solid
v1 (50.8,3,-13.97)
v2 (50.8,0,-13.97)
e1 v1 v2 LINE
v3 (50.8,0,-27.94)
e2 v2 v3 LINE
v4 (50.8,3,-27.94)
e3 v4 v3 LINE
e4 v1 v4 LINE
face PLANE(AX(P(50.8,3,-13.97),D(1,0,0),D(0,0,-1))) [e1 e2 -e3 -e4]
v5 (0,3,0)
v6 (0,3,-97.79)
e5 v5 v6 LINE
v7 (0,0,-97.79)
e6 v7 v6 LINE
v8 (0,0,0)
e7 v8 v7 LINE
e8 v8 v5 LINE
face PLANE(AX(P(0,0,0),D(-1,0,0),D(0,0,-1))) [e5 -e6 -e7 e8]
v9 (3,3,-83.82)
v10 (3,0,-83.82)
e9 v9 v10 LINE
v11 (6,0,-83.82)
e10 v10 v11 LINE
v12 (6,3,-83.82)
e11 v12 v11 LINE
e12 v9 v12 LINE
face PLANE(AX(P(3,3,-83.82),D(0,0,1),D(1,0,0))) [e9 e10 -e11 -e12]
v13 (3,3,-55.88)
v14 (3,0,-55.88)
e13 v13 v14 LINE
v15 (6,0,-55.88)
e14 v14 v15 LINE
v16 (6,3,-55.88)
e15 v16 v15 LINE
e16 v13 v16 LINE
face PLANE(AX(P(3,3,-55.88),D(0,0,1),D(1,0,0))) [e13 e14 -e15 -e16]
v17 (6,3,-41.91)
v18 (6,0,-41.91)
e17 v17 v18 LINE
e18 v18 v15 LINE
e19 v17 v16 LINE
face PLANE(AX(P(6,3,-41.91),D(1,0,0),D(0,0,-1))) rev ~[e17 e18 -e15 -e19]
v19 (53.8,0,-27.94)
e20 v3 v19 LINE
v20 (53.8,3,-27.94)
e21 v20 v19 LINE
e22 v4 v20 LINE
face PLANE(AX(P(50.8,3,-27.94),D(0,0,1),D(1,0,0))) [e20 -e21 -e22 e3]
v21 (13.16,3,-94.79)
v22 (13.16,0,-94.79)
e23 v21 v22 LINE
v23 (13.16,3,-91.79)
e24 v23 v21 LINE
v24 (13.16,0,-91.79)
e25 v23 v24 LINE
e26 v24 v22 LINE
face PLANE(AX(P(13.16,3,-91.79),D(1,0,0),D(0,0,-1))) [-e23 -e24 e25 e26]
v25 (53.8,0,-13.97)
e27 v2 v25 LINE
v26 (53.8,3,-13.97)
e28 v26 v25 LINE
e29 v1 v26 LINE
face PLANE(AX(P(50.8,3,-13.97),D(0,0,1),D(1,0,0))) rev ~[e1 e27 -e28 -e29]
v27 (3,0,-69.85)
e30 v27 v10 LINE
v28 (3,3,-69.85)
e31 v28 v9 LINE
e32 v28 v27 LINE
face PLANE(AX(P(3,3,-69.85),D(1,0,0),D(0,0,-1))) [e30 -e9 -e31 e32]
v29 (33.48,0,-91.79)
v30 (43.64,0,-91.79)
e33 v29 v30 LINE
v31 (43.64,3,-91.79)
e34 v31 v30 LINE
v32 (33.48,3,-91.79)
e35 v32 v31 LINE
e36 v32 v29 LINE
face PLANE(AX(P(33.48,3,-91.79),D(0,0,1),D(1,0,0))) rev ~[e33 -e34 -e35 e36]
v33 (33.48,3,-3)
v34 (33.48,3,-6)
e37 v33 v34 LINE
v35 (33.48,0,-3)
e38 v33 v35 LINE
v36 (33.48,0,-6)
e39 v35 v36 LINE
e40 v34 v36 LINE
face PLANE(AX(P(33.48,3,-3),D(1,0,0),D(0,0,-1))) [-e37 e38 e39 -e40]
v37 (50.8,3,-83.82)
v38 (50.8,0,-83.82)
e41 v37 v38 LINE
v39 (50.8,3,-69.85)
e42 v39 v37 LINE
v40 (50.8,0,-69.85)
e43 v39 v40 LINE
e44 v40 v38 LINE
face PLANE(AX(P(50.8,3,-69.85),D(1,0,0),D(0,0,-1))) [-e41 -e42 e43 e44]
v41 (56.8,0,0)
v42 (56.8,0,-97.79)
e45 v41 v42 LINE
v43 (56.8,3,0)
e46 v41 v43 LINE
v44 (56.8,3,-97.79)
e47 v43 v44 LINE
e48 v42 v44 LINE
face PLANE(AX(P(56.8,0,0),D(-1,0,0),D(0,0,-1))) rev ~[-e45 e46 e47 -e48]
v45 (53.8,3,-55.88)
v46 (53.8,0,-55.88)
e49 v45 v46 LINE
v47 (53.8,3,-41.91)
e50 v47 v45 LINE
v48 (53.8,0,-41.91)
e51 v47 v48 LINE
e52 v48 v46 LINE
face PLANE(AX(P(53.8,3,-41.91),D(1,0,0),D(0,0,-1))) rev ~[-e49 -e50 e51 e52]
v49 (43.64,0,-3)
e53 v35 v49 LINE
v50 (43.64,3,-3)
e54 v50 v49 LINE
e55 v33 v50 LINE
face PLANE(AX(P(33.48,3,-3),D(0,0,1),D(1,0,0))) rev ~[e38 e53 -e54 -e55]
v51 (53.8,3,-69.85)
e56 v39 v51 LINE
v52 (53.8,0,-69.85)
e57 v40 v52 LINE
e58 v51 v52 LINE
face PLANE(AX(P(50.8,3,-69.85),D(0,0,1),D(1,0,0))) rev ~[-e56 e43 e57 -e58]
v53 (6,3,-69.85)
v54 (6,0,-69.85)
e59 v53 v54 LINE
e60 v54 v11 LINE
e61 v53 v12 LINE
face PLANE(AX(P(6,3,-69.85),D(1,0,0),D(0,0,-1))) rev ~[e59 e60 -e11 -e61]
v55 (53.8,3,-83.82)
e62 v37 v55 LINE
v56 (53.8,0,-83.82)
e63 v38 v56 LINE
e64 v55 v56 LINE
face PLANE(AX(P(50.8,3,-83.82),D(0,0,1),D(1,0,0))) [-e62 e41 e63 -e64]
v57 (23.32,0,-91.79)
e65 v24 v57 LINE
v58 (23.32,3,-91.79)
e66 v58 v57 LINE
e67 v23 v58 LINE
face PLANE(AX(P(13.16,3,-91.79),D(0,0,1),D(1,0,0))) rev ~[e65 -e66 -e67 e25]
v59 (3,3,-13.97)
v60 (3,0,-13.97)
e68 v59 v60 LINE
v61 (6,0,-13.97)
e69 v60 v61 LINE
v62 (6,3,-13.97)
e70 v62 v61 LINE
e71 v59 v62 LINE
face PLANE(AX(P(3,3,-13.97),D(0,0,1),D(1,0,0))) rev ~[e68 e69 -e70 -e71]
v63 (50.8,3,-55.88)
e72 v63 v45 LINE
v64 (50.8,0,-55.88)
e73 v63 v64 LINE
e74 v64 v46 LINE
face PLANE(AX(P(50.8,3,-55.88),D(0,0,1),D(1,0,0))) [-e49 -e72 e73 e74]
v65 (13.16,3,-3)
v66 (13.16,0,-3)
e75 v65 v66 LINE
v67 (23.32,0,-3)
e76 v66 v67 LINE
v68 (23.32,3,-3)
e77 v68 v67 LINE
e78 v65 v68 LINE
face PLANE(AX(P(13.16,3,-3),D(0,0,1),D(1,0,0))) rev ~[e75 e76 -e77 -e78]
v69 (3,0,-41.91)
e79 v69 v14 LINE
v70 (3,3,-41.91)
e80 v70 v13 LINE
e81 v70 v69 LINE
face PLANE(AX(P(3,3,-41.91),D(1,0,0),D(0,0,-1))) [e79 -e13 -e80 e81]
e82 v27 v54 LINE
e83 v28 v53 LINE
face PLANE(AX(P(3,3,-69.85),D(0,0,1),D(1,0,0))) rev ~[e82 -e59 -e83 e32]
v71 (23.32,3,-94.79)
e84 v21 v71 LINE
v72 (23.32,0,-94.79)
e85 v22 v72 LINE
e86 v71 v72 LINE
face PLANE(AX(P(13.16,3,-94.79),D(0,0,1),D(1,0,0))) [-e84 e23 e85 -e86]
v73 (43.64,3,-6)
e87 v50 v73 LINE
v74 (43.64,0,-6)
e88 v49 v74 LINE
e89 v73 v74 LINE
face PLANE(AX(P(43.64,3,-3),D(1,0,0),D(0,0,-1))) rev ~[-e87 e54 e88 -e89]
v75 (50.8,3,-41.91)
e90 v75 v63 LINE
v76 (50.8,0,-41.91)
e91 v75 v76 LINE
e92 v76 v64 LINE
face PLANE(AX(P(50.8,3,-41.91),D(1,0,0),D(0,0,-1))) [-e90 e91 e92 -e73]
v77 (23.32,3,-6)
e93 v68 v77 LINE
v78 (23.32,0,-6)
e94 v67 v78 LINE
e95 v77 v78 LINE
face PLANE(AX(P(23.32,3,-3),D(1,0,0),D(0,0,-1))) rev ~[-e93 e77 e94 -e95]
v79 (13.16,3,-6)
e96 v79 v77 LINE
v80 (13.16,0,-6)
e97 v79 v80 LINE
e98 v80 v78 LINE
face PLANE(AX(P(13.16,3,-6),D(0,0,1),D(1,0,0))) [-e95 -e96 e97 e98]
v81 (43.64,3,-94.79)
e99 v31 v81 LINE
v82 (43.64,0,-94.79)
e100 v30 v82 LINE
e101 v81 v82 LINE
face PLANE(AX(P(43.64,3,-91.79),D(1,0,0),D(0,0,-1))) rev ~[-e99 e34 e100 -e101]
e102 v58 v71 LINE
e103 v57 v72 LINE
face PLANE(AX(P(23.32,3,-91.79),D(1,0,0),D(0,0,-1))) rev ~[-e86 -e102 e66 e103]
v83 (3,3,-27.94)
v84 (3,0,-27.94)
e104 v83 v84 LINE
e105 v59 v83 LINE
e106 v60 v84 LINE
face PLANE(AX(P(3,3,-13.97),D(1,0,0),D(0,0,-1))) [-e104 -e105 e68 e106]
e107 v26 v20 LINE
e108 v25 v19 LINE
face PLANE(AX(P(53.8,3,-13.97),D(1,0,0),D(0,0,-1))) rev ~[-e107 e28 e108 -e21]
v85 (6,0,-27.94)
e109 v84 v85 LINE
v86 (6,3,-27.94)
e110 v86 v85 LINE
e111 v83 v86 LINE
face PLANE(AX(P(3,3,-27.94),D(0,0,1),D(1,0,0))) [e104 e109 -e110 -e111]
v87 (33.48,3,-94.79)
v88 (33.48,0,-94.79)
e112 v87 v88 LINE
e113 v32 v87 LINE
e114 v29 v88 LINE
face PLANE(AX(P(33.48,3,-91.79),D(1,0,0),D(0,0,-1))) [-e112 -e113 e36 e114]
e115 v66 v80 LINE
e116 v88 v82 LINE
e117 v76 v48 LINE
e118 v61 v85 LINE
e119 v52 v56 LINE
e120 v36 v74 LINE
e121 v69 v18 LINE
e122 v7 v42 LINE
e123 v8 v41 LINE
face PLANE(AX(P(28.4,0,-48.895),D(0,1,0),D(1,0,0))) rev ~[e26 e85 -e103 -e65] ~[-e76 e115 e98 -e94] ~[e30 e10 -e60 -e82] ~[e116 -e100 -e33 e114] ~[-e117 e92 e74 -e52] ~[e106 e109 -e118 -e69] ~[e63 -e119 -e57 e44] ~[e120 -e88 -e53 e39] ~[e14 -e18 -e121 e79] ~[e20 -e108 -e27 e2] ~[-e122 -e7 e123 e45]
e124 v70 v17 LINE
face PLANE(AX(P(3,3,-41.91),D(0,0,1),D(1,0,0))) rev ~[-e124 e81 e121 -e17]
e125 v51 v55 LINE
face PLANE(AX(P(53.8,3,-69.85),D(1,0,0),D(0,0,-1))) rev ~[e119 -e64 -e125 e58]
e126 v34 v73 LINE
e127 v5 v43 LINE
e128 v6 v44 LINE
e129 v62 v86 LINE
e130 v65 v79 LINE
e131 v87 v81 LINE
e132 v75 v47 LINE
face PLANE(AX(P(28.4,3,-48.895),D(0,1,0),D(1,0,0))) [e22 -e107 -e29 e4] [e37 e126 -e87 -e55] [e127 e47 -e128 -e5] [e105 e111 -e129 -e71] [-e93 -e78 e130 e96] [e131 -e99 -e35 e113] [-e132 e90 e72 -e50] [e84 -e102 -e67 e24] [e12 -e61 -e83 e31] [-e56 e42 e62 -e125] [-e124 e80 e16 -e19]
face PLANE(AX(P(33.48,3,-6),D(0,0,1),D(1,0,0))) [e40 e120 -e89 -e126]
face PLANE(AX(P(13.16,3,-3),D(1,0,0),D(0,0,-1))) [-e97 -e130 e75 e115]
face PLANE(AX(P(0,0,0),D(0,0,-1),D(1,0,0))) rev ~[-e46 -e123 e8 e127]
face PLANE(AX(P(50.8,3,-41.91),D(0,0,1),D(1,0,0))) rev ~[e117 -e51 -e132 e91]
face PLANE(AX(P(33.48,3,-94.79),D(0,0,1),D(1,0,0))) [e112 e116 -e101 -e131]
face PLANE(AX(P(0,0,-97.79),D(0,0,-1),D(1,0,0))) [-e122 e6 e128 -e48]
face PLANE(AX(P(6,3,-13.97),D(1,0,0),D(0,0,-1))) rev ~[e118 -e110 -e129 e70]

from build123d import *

# Parameters (mm, degrees)
SKETCH1_W           = 56.8
SKETCH1_H           = 97.79
BOSS_EXTRUDE1_DEPTH = 3
SKETCH2_W           = 10.16
SKETCH2_H           = 3
SKETCH2_W_2         = 3
SKETCH2_H_2         = 13.97
CUT_EXTRUDE1_DEPTH  = 4


with BuildPart() as part:
    # Sketch1 → Boss-Extrude1 (new body)
    with BuildSketch(Plane(origin=(0, 0, 0), x_dir=(1, 0, 0), z_dir=(0, 1, 0))):
        with Locations((28.4, 48.895)):
            Rectangle(SKETCH1_W, SKETCH1_H)
    extrude(amount=BOSS_EXTRUDE1_DEPTH)

    # Sketch2 → Cut-Extrude1 (cut, through all)
    with BuildSketch(Plane(origin=(0, 3, 0), x_dir=(1, 0, 0), z_dir=(0, 1, 0))):
        with Locations((18.24, 93.29)):
            Rectangle(SKETCH2_W, SKETCH2_H)
        with Locations((38.56, 93.29)):
            Rectangle(SKETCH2_W, SKETCH2_H)
        with Locations((52.3, 76.835)):
            Rectangle(SKETCH2_W_2, SKETCH2_H_2)
        with Locations((52.3, 48.895)):
            Rectangle(SKETCH2_W_2, SKETCH2_H_2)
        with Locations((52.3, 20.955)):
            Rectangle(SKETCH2_W_2, SKETCH2_H_2)
        with Locations((38.56, 4.5)):
            Rectangle(SKETCH2_W, SKETCH2_H)
        with Locations((18.24, 4.5)):
            Rectangle(SKETCH2_W, SKETCH2_H)
        with Locations((4.5, 76.835)):
            Rectangle(SKETCH2_W_2, SKETCH2_H_2)
        with Locations((4.5, 48.895)):
            Rectangle(SKETCH2_W_2, SKETCH2_H_2)
        with Locations((4.5, 20.955)):
            Rectangle(SKETCH2_W_2, SKETCH2_H_2)
    extrude(amount=-CUT_EXTRUDE1_DEPTH, mode=Mode.SUBTRACT)


solid = part.part
